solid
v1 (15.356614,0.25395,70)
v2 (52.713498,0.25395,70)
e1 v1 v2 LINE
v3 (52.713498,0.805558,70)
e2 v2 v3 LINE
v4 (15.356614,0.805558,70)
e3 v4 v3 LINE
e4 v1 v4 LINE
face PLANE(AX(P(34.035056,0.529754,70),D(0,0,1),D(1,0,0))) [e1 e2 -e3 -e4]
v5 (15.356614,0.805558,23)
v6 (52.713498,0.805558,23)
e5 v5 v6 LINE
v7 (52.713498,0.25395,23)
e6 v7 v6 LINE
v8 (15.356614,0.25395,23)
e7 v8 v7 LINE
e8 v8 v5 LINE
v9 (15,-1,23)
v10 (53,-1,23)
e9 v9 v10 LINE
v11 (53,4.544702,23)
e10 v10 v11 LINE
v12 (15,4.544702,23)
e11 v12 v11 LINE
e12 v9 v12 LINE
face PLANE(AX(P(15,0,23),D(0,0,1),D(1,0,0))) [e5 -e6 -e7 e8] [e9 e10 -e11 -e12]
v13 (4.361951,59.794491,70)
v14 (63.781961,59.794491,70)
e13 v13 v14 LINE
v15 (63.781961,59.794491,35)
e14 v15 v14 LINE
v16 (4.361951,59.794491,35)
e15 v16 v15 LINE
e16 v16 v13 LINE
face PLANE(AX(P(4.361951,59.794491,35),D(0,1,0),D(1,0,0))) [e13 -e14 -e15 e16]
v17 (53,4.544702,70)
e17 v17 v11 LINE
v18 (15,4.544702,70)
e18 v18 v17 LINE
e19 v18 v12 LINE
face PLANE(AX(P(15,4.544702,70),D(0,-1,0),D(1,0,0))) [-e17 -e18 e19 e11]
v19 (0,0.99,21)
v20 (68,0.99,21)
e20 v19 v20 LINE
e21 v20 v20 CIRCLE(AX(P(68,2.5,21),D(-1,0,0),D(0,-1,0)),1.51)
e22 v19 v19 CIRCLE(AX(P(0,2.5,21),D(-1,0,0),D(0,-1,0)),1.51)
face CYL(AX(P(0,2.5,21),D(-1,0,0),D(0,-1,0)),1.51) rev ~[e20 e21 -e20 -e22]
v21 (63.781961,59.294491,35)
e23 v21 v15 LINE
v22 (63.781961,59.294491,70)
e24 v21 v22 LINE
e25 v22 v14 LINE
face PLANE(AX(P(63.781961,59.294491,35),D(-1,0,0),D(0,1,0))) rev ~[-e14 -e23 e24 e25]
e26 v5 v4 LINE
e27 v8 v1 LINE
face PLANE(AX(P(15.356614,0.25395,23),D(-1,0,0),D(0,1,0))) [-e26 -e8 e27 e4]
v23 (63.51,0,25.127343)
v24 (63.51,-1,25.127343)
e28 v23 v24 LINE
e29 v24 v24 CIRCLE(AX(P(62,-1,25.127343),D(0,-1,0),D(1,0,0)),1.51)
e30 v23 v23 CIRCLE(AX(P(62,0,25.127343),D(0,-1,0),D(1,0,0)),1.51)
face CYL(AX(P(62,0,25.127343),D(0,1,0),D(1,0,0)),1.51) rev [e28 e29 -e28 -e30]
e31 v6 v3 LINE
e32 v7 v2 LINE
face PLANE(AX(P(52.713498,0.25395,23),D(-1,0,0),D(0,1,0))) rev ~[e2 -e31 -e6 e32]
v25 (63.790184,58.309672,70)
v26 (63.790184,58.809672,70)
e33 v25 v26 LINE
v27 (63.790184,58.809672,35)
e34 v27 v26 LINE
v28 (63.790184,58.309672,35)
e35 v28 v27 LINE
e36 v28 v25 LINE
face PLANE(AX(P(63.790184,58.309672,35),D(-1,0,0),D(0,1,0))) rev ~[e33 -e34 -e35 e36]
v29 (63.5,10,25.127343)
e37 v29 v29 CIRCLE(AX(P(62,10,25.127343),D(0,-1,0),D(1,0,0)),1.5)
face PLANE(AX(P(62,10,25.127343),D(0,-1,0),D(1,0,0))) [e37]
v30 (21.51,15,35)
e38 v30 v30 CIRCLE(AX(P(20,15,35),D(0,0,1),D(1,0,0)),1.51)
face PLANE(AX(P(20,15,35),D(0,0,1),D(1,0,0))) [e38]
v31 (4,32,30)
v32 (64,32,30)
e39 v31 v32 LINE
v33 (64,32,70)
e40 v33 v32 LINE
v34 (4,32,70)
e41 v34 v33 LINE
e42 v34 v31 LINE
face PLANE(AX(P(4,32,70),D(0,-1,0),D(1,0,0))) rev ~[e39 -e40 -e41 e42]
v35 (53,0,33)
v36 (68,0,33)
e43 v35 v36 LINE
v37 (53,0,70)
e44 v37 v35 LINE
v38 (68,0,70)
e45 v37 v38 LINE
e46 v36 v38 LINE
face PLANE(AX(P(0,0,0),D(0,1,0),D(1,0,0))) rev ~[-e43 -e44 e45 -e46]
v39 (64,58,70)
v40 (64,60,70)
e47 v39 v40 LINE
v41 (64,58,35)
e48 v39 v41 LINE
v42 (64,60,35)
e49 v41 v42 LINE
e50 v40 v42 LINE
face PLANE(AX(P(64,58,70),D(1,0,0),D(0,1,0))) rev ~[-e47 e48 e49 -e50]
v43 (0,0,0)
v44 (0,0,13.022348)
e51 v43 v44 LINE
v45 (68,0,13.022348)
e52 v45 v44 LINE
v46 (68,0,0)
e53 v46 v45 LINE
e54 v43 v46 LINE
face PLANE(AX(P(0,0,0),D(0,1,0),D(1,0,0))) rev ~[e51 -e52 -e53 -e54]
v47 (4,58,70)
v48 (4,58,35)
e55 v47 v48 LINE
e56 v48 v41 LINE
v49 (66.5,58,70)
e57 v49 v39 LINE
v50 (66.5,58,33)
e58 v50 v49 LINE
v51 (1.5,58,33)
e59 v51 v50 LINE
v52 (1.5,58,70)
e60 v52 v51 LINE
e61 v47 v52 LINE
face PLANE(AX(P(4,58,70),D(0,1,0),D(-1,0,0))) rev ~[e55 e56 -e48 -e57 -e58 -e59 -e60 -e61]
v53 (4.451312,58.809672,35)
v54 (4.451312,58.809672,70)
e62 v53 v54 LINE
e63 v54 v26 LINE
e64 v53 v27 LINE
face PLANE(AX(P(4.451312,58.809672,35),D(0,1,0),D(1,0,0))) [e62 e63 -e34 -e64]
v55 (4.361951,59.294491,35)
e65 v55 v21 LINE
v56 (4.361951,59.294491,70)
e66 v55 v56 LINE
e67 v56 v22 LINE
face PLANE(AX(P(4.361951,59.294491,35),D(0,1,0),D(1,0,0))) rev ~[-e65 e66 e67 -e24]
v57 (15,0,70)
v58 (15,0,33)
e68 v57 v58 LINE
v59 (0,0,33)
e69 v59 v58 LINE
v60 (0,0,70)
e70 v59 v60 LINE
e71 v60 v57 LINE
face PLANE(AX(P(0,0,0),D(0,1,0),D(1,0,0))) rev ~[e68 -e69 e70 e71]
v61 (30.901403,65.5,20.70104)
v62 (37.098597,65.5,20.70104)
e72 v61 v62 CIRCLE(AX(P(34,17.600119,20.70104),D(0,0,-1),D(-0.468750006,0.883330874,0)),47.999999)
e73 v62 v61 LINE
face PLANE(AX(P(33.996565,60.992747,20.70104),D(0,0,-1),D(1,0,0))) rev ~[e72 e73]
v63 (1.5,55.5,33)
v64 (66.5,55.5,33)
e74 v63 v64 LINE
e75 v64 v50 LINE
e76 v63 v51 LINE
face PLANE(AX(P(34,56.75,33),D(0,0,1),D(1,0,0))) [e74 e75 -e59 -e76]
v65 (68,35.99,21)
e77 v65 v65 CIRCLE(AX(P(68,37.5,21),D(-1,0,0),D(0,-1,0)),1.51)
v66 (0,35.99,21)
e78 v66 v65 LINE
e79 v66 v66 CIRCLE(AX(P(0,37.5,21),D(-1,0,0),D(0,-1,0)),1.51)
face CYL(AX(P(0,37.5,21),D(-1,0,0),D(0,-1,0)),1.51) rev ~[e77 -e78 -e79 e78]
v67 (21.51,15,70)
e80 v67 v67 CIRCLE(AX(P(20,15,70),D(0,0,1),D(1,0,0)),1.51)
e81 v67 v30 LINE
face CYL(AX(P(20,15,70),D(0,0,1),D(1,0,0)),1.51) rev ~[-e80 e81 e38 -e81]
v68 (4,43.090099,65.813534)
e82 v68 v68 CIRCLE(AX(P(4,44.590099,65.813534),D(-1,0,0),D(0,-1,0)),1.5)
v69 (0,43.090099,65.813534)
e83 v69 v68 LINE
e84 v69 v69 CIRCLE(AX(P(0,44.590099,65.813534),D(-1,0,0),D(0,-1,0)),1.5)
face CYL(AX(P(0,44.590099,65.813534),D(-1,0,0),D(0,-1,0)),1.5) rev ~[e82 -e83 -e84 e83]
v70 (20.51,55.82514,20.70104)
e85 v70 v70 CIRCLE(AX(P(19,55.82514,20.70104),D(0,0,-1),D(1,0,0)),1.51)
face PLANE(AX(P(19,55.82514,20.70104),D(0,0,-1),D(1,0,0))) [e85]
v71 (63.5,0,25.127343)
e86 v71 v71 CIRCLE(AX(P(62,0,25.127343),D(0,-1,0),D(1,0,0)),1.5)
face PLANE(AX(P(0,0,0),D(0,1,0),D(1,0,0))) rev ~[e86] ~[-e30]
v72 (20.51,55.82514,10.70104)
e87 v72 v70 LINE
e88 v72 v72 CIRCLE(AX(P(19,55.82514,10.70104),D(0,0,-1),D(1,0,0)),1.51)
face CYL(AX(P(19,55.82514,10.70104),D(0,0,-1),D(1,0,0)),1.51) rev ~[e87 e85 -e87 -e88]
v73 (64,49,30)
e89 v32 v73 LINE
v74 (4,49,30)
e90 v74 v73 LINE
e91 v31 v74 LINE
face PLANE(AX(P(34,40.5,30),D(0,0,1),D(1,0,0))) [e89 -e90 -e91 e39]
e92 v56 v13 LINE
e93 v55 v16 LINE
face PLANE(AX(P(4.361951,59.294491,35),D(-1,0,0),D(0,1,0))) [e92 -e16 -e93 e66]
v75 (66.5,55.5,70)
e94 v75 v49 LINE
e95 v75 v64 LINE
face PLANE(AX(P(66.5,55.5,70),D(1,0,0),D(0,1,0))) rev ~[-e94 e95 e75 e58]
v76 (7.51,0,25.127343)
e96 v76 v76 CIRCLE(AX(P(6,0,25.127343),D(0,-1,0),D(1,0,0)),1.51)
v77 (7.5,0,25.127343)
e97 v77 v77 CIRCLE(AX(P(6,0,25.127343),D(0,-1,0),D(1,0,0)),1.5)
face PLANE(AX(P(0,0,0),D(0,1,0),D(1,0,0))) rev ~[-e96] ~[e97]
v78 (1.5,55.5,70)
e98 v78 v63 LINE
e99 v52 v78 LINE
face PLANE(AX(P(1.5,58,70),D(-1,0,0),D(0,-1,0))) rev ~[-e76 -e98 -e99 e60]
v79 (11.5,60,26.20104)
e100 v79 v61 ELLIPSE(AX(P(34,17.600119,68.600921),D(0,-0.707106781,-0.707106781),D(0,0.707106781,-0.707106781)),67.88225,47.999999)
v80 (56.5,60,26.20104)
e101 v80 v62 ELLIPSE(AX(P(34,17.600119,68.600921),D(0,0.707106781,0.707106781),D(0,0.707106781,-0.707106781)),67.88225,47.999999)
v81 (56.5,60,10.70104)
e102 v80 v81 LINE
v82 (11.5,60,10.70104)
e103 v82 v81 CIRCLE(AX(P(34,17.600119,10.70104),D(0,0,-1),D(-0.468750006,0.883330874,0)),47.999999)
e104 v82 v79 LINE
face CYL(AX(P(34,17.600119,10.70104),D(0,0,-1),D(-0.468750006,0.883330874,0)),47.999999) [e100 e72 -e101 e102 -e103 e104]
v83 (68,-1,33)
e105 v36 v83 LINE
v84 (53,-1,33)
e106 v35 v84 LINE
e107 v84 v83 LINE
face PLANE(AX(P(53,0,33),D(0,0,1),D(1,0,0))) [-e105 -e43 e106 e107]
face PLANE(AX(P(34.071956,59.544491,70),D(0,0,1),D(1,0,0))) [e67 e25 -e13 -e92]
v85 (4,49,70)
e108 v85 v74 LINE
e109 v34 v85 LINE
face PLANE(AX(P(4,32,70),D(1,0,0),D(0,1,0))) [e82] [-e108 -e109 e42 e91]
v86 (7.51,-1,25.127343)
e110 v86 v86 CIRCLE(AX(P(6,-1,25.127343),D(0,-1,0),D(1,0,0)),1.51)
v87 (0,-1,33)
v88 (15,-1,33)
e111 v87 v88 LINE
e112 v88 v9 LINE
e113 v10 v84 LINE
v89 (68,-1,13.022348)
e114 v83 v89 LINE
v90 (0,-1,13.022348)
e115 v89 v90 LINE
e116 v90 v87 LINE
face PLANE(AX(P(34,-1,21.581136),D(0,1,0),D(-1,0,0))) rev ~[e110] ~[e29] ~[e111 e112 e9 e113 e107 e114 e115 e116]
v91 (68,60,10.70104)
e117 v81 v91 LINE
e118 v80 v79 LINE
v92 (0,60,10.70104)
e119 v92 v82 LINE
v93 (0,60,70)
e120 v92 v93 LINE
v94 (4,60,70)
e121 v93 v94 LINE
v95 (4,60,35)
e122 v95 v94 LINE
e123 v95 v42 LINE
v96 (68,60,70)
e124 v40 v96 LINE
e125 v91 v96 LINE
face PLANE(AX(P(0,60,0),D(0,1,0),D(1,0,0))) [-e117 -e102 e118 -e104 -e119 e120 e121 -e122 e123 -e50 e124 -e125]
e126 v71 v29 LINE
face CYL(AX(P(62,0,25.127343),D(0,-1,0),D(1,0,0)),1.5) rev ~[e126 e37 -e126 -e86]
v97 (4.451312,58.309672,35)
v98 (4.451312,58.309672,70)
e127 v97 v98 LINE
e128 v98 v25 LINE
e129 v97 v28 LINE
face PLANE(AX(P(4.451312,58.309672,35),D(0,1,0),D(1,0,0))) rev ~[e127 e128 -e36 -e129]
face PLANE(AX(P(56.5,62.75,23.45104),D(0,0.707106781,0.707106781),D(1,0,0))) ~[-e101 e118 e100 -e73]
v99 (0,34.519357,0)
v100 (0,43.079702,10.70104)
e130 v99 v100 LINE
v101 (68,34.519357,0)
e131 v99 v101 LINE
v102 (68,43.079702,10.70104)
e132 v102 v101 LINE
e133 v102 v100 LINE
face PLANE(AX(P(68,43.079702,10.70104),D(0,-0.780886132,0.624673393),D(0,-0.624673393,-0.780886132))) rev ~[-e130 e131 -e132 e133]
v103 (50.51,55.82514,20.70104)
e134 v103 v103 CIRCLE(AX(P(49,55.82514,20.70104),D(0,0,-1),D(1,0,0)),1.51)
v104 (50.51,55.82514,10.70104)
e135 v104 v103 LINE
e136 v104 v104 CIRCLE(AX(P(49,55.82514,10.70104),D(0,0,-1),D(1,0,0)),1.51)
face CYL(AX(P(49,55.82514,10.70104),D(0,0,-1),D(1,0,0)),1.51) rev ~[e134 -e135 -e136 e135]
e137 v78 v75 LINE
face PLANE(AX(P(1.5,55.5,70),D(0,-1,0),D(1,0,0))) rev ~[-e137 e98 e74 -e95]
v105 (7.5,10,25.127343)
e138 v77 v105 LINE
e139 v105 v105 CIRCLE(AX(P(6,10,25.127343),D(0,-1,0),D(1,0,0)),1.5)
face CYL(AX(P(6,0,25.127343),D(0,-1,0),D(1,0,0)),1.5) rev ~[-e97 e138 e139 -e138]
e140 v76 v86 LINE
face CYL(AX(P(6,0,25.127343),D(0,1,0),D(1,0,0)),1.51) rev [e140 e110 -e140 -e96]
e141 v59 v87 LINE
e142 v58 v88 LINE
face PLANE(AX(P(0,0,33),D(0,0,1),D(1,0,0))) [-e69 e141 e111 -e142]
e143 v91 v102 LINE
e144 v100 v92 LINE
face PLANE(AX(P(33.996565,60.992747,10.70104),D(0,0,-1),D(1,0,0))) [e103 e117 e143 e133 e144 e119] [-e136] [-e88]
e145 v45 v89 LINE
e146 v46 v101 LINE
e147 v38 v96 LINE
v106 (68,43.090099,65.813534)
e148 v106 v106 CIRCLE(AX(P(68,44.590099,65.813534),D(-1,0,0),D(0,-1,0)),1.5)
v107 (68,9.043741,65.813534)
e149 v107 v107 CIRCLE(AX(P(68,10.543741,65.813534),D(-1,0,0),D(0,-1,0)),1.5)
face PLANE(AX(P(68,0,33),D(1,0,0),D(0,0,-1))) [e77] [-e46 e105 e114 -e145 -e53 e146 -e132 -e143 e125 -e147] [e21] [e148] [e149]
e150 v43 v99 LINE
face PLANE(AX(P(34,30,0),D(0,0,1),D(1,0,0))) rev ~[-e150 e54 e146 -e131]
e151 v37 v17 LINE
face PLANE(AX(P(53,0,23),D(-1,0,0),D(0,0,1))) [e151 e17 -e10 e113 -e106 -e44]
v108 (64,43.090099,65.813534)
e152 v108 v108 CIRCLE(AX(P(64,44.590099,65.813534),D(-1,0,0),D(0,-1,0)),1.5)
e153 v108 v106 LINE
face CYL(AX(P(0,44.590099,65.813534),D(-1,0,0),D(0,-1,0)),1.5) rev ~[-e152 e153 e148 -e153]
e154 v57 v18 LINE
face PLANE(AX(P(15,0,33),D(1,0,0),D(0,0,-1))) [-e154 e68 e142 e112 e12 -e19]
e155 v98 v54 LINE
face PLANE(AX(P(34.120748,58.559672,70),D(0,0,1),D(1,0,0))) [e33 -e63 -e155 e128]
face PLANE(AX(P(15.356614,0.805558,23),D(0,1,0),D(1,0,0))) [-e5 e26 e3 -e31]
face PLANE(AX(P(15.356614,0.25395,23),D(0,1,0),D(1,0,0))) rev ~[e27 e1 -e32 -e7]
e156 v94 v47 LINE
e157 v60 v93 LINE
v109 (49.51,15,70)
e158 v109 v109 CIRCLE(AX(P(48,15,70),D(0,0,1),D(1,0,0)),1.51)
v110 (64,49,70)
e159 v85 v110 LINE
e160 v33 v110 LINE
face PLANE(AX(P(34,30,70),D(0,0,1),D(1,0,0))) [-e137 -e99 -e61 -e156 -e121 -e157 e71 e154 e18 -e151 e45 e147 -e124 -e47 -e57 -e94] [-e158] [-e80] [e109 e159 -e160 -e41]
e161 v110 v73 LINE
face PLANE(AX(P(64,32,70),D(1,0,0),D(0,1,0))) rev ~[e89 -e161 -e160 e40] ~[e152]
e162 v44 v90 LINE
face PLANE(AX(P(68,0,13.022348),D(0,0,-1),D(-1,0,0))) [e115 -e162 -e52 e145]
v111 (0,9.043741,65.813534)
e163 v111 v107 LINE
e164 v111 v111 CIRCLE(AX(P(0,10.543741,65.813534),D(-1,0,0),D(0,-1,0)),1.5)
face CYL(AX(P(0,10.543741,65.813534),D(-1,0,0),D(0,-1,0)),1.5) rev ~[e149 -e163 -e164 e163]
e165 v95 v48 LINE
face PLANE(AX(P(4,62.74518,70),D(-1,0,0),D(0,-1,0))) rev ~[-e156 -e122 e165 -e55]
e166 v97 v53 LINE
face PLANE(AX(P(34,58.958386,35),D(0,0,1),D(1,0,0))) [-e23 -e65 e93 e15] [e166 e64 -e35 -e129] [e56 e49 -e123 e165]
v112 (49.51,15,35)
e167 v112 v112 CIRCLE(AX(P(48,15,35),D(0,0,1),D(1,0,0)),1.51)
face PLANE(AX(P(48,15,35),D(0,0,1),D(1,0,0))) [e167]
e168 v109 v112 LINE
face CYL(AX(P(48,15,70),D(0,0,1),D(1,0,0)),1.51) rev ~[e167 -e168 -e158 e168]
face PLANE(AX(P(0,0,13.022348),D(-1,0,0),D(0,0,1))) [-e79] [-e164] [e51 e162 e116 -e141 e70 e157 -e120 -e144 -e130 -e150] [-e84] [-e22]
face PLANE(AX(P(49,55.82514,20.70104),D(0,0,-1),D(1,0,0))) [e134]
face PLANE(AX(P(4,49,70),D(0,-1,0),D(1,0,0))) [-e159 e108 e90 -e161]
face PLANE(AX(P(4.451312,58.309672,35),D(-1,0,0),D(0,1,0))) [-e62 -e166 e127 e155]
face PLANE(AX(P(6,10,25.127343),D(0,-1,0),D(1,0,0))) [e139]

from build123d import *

# Parameters (mm, degrees)
BOX_W           = 68
BOX_H           = 60
BOX_DEPTH       = 70
SKETCH_R        = 1.51
POCKET_DEPTH    = 35
SKETCH001_W     = 65
SKETCH001_H     = 2.5
POCKET001_DEPTH = 2
SKETCH002_W     = 60
SKETCH002_H     = 17
POCKET002_DEPTH = 40
SKETCH003_W     = 38
SKETCH003_H     = 9.413655
POCKET003_DEPTH = 47
SKETCH004_R     = 1.51
POCKET004_DEPTH = 68.001
POCKET005_DEPTH = 68.001
SKETCH006_R     = 1.51
POCKET006_DEPTH = 10
PAD_DEPTH       = 10
CHAMFER001_SIZE = 5.5
SKETCH008_R     = 1.5
POCKET007_DEPTH = 68.001
SKETCH009_W     = 59.42001
SKETCH009_H     = 0.5
SKETCH009_W_2   = 59.338872
PAD001_DEPTH    = 35
SKETCH010_W     = 37.356884
SKETCH010_H     = 0.551608
PAD002_DEPTH    = 47
SKETCH011_R     = 1.5
POCKET008_DEPTH = 10
SKETCH012_R     = 1.51
PAD003_DEPTH    = 1


with BuildPart() as part:
    # Box → Box (new body)
    with BuildSketch(Plane(origin=(0, -2, 0), x_dir=(1, 0, 0), z_dir=(0, 0, 1))):
        with Locations((34, 30)):
            Rectangle(BOX_W, BOX_H)
    extrude(amount=BOX_DEPTH)


with BuildPart() as part_1:
    # BaseFeature placement: moved
    add(part.part.moved(Location((0, 2, 0))))

    # Sketch (on Face6 of BaseFeature) → Pocket (cut)
    with BuildSketch(Plane.XY.offset(70)):
        with Locations((20, 15)):
            Circle(SKETCH_R)
        with Locations((48, 15)):
            Circle(SKETCH_R)
        Polygon((1.5, 55.5), (66.5, 55.5), (66.5, 58), (64, 58), (64, 62.74518), (4, 62.74518), (4, 58), (1.5, 58), align=None)
    extrude(amount=-POCKET_DEPTH, mode=Mode.SUBTRACT)

    # Sketch001 (on Face16 of Pocket) → Pocket001 (cut)
    with BuildSketch(Plane.XY.offset(35)):
        with Locations((34, 56.75)):
            Rectangle(SKETCH001_W, SKETCH001_H)
    extrude(amount=-POCKET001_DEPTH, mode=Mode.SUBTRACT)

    # Sketch002 (on Face3 of Pocket001) → Pocket002 (cut)
    with BuildSketch(Plane.XY.offset(70)):
        with Locations((34, 40.5)):
            Rectangle(SKETCH002_W, SKETCH002_H)
    extrude(amount=-POCKET002_DEPTH, mode=Mode.SUBTRACT)

    # Sketch003 (on Face3 of Pocket002) → Pocket003 (cut)
    with BuildSketch(Plane.XY.offset(70)):
        with Locations((34, -0.162125)):
            Rectangle(SKETCH003_W, SKETCH003_H)
    extrude(amount=-POCKET003_DEPTH, mode=Mode.SUBTRACT)

    # Sketch004 (on Face1 of Pocket003) → Pocket004 (cut, through all)
    with BuildSketch(Plane(origin=(0, 0, 0), x_dir=(0, -1, 0), z_dir=(-1, 0, 0))):
        with Locations((-37.5, 21)):
            Circle(SKETCH004_R)
        with Locations((-2.5, 21)):
            Circle(SKETCH004_R)
    extrude(amount=-POCKET004_DEPTH, mode=Mode.SUBTRACT)

    # Sketch005 (on Face8 of Pocket004) → Pocket005 (cut, through all)
    with BuildSketch(Plane.YZ.offset(68)):
        Polygon((25.567, -11.191082), (76.135516, -11.191082), (76.135516, 10.70104), (43.079702, 10.70104), align=None)
    extrude(amount=-POCKET005_DEPTH, mode=Mode.SUBTRACT)

    # Sketch006 (on Face4 of Pocket005) → Pocket006 (cut)
    with BuildSketch(Plane(origin=(0, 0, 10.70104), x_dir=(1, 0, 0), z_dir=(0, 0, -1))):
        with Locations((19, -55.82514)):
            Circle(SKETCH006_R)
        with Locations((49, -55.82514)):
            Circle(SKETCH006_R)
    extrude(amount=-POCKET006_DEPTH, mode=Mode.SUBTRACT)

    # Sketch007 (on Face4 of Pocket006) → Pad (join)
    with BuildSketch(Plane(origin=(0, 0, 10.70104), x_dir=(1, 0, 0), z_dir=(0, 0, -1))):
        with BuildLine():
            ThreePointArc((11.5, -60), (34, -65.600118), (56.5, -60))
            Line((54.883537, -58.581185), (56.5, -60))
            Line((13.061421, -58.581185), (54.883537, -58.581185))
            Line((11.5, -60), (13.061421, -58.581185))
        make_face()
    extrude(amount=-PAD_DEPTH)

    # Chamfer001
    chamfer001_edges = [part_1.edges().sort_by_distance(p)[0] for p in [
        (34, 60, 20.70104),
    ]]
    chamfer(chamfer001_edges, length=CHAMFER001_SIZE)

    # Sketch008 (on Face8 of Chamfer001) → Pocket007 (cut, through all)
    with BuildSketch(Plane(origin=(0, 0, 0), x_dir=(0, -1, 0), z_dir=(-1, 0, 0))):
        with Locations((-44.590099, 65.813534)):
            Circle(SKETCH008_R)
        with Locations((-10.543741, 65.813534)):
            Circle(SKETCH008_R)
    extrude(amount=-POCKET007_DEPTH, mode=Mode.SUBTRACT)

    # Sketch009 (on Face1 of ReferenceChamfer002001) → Pad001 (join)
    with BuildSketch(Plane.XY.offset(35)):
        with Locations((34.071956, 59.544491)):
            Rectangle(SKETCH009_W, SKETCH009_H)
        with Locations((34.120748, 58.559672)):
            Rectangle(SKETCH009_W_2, SKETCH009_H)
    extrude(amount=PAD001_DEPTH)

    # Sketch010 (on Face49 of Pad001) → Pad002 (join)
    with BuildSketch(Plane.XY.offset(23)):
        with Locations((34.035056, 0.529754)):
            Rectangle(SKETCH010_W, SKETCH010_H)
    extrude(amount=PAD002_DEPTH)

    # Sketch011 (on Face17 of Pad002) → Pocket008 (cut)
    with BuildSketch(Plane.XZ):
        with Locations((6, 25.127343)):
            Circle(SKETCH011_R)
        with Locations((62, 25.127343)):
            Circle(SKETCH011_R)
    extrude(amount=-POCKET008_DEPTH, mode=Mode.SUBTRACT)

    # Sketch012 (on Face17 of Pocket008) → Pad003 (join)
    with BuildSketch(Plane.XZ):
        Polygon((0, 33), (15, 33), (15, 23), (53, 23), (53, 33), (68, 33), (68, 13.022348), (0, 13.022348), align=None)
        with Locations((6, 25.127343)):
            Circle(SKETCH012_R, mode=Mode.SUBTRACT)
        with Locations((62, 25.127343)):
            Circle(SKETCH012_R, mode=Mode.SUBTRACT)
    extrude(amount=PAD003_DEPTH)


solid = part_1.part
